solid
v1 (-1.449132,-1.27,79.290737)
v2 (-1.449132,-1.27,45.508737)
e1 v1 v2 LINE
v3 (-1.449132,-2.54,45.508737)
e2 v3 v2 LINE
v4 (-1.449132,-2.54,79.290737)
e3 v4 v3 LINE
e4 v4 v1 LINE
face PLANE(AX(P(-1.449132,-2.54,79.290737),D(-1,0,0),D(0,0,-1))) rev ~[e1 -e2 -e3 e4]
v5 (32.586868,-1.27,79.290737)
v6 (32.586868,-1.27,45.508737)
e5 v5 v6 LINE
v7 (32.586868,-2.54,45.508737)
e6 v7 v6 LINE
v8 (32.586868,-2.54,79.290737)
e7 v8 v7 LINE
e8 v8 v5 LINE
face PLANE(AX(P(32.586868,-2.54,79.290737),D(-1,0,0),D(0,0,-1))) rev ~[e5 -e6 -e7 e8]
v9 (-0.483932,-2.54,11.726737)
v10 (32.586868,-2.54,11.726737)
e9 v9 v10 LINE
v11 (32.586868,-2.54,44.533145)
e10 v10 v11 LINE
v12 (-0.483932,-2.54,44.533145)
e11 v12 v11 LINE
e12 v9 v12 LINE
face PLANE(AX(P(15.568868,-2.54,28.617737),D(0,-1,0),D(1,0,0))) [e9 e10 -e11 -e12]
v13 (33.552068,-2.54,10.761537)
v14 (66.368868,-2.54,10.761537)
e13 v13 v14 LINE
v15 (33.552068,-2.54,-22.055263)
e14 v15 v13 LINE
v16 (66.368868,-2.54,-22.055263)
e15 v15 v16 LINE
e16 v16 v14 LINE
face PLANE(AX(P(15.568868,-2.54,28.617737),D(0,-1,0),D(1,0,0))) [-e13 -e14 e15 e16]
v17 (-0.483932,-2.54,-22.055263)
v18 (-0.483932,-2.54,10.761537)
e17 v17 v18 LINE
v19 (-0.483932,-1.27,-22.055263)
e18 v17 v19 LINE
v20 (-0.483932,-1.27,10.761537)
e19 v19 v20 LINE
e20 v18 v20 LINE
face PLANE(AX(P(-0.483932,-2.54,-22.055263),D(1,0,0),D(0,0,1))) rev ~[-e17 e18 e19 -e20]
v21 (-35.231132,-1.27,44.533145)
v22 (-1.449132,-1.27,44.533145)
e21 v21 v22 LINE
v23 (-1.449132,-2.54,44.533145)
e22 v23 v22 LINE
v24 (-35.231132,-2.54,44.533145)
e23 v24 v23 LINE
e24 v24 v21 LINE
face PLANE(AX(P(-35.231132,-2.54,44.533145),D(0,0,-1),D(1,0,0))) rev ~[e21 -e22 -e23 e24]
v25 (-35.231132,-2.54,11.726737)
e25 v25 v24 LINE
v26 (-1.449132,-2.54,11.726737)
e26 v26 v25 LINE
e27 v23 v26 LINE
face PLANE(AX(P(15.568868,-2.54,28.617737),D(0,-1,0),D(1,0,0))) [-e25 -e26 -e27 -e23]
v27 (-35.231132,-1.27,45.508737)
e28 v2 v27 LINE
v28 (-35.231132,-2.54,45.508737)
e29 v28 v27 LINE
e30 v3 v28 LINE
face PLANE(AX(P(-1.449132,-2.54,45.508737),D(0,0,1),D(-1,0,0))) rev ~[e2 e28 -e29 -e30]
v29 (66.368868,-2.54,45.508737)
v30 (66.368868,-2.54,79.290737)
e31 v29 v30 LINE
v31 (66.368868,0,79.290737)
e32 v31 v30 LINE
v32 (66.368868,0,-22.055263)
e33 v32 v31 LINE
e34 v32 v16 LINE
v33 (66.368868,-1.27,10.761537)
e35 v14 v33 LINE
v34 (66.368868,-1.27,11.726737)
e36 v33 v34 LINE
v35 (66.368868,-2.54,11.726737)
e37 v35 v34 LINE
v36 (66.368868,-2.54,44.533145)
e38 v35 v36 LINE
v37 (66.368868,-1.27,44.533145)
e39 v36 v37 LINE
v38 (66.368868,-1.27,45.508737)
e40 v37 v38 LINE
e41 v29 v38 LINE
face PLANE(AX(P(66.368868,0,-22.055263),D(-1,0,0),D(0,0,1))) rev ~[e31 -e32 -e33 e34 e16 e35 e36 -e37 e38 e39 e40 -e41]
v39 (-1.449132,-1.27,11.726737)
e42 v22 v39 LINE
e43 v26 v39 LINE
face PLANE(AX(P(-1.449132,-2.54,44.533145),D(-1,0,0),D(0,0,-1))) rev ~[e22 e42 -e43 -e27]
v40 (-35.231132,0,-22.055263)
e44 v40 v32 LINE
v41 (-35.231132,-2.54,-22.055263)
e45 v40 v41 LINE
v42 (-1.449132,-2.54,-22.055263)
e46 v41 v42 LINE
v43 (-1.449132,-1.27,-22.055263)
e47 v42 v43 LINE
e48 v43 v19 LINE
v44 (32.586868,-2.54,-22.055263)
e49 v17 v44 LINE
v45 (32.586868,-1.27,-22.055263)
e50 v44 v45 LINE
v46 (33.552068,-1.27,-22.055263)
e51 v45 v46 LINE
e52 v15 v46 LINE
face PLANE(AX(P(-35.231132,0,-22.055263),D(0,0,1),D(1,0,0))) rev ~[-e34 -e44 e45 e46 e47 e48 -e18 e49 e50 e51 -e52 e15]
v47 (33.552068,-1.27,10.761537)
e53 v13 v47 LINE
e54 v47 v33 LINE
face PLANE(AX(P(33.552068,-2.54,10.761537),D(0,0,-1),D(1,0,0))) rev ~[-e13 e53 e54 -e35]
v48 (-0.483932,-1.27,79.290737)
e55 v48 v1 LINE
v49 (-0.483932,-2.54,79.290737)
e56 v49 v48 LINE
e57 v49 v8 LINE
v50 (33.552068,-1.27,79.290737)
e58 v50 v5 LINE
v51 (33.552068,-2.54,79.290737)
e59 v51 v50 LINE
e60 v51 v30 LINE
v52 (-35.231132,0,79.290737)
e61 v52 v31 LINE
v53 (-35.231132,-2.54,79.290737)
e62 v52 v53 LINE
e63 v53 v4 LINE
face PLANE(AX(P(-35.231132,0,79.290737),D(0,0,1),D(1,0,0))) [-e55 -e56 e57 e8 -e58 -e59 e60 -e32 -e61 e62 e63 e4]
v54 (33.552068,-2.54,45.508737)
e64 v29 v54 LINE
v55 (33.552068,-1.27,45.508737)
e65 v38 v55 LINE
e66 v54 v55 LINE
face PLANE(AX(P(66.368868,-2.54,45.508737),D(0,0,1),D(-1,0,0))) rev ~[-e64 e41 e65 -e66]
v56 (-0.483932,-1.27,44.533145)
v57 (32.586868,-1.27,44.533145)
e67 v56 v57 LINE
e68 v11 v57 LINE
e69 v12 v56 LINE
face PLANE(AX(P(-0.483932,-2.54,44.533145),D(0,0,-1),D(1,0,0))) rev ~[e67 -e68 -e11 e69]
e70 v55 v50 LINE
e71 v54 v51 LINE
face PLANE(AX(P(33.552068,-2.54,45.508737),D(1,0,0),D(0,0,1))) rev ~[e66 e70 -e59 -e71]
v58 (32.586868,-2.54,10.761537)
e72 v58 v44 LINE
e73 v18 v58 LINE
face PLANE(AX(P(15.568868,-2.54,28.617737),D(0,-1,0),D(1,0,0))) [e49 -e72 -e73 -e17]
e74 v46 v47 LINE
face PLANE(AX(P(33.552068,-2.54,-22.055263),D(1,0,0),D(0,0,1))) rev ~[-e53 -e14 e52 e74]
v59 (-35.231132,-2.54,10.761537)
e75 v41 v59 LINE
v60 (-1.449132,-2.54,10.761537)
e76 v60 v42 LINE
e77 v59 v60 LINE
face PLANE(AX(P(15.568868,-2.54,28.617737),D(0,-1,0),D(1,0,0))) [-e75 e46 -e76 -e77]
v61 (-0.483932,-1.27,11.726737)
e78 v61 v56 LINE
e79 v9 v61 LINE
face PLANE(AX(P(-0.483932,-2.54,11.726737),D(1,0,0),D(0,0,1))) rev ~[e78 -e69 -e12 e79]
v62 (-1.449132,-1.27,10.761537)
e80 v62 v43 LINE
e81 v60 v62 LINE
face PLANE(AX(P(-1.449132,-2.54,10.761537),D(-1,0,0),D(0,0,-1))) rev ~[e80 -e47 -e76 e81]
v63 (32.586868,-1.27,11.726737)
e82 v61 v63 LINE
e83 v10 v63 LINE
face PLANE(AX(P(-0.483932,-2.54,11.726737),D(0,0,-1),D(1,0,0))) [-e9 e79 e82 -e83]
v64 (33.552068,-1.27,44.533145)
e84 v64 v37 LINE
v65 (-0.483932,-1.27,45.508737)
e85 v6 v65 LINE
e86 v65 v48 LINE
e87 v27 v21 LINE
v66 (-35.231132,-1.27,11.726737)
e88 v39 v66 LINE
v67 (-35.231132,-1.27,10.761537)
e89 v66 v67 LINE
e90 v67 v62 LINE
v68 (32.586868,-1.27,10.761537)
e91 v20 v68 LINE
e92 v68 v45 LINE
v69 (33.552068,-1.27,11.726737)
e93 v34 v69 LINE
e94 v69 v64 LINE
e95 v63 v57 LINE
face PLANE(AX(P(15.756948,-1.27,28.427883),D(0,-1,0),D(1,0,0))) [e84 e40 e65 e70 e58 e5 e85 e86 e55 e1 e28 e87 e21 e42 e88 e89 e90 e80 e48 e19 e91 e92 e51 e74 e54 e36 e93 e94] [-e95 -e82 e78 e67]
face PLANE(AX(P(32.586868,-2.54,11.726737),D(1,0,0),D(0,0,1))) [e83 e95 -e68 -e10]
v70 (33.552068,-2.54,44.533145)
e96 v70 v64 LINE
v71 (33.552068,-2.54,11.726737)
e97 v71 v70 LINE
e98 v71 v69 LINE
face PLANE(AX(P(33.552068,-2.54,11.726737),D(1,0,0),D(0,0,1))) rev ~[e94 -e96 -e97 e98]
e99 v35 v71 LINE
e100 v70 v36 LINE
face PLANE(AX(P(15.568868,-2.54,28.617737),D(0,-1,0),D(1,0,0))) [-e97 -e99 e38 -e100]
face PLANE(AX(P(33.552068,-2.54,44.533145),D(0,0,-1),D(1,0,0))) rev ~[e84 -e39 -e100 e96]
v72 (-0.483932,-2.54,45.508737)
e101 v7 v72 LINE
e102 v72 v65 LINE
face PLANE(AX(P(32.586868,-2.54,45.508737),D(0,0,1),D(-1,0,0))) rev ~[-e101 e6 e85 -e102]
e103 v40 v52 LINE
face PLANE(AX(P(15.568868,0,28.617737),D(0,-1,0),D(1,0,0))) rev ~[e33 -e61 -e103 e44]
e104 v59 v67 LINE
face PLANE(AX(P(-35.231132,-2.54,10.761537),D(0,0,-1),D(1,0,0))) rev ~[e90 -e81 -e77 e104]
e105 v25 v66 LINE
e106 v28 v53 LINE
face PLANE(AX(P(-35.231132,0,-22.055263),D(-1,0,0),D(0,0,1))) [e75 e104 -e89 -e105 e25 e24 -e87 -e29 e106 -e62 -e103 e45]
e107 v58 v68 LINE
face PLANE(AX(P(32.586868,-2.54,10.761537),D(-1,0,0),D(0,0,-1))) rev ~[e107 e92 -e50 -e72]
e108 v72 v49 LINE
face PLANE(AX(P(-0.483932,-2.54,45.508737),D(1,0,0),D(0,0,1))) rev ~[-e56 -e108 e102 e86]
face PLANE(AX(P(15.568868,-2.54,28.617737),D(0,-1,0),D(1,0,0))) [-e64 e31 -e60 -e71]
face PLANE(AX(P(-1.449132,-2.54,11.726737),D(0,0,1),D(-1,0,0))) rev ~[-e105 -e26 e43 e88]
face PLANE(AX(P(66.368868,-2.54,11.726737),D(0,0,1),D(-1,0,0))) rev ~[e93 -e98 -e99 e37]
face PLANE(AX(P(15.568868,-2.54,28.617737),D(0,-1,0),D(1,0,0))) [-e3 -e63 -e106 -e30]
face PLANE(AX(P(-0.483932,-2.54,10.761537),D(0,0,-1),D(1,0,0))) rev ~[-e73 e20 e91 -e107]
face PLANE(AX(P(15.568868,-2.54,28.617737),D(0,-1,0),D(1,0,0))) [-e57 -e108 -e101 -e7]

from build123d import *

# Parameters (mm, degrees)
F0_W     = 101.6
F0_H     = 101.346
F1_DEPTH = 2.54
F2_W     = 33.0708
F2_H     = 32.806408
F3_DEPTH = 1.27


with BuildPart() as f1:
    # F0 (on Front) → F1 (new body)
    with BuildSketch(Plane.XZ):
        with Locations((15.568868, 28.617737)):
            Rectangle(F0_W, F0_H)
    extrude(amount=F1_DEPTH)

    # F2 (on face) → F3 (cut)
    with BuildSketch(Plane.XZ.offset(2.54)):
        Polygon((-1.449132, 45.508737), (-35.231132, 45.508737), (-35.231132, 44.533145), (-1.449132, 44.533145), (-1.449132, 11.726737), (-35.231132, 11.726737), (-35.231132, 10.761537), (-1.449132, 10.761537), (-1.449132, -22.055263), (-0.483932, -22.055263), (-0.483932, 10.761537), (32.586868, 10.761537), (32.586868, -22.055263), (33.552068, -22.055263), (33.552068, 10.761537), (66.368868, 10.761537), (66.368868, 11.726737), (33.552068, 11.726737), (33.552068, 44.533145), (66.368868, 44.533145), (66.368868, 45.508737), (33.552068, 45.508737), (33.552068, 76.064587), (33.552068, 79.290737), (32.586868, 79.290737), (32.586868, 45.508737), (-0.483932, 45.508737), (-0.483932, 79.171568), (-0.483932, 79.290737), (-1.449132, 79.290737), align=None)
        with Locations((16.051468, 28.129941)):
            Rectangle(F2_W, F2_H, mode=Mode.SUBTRACT)
    extrude(amount=-F3_DEPTH, mode=Mode.SUBTRACT)


solid = f1.part
